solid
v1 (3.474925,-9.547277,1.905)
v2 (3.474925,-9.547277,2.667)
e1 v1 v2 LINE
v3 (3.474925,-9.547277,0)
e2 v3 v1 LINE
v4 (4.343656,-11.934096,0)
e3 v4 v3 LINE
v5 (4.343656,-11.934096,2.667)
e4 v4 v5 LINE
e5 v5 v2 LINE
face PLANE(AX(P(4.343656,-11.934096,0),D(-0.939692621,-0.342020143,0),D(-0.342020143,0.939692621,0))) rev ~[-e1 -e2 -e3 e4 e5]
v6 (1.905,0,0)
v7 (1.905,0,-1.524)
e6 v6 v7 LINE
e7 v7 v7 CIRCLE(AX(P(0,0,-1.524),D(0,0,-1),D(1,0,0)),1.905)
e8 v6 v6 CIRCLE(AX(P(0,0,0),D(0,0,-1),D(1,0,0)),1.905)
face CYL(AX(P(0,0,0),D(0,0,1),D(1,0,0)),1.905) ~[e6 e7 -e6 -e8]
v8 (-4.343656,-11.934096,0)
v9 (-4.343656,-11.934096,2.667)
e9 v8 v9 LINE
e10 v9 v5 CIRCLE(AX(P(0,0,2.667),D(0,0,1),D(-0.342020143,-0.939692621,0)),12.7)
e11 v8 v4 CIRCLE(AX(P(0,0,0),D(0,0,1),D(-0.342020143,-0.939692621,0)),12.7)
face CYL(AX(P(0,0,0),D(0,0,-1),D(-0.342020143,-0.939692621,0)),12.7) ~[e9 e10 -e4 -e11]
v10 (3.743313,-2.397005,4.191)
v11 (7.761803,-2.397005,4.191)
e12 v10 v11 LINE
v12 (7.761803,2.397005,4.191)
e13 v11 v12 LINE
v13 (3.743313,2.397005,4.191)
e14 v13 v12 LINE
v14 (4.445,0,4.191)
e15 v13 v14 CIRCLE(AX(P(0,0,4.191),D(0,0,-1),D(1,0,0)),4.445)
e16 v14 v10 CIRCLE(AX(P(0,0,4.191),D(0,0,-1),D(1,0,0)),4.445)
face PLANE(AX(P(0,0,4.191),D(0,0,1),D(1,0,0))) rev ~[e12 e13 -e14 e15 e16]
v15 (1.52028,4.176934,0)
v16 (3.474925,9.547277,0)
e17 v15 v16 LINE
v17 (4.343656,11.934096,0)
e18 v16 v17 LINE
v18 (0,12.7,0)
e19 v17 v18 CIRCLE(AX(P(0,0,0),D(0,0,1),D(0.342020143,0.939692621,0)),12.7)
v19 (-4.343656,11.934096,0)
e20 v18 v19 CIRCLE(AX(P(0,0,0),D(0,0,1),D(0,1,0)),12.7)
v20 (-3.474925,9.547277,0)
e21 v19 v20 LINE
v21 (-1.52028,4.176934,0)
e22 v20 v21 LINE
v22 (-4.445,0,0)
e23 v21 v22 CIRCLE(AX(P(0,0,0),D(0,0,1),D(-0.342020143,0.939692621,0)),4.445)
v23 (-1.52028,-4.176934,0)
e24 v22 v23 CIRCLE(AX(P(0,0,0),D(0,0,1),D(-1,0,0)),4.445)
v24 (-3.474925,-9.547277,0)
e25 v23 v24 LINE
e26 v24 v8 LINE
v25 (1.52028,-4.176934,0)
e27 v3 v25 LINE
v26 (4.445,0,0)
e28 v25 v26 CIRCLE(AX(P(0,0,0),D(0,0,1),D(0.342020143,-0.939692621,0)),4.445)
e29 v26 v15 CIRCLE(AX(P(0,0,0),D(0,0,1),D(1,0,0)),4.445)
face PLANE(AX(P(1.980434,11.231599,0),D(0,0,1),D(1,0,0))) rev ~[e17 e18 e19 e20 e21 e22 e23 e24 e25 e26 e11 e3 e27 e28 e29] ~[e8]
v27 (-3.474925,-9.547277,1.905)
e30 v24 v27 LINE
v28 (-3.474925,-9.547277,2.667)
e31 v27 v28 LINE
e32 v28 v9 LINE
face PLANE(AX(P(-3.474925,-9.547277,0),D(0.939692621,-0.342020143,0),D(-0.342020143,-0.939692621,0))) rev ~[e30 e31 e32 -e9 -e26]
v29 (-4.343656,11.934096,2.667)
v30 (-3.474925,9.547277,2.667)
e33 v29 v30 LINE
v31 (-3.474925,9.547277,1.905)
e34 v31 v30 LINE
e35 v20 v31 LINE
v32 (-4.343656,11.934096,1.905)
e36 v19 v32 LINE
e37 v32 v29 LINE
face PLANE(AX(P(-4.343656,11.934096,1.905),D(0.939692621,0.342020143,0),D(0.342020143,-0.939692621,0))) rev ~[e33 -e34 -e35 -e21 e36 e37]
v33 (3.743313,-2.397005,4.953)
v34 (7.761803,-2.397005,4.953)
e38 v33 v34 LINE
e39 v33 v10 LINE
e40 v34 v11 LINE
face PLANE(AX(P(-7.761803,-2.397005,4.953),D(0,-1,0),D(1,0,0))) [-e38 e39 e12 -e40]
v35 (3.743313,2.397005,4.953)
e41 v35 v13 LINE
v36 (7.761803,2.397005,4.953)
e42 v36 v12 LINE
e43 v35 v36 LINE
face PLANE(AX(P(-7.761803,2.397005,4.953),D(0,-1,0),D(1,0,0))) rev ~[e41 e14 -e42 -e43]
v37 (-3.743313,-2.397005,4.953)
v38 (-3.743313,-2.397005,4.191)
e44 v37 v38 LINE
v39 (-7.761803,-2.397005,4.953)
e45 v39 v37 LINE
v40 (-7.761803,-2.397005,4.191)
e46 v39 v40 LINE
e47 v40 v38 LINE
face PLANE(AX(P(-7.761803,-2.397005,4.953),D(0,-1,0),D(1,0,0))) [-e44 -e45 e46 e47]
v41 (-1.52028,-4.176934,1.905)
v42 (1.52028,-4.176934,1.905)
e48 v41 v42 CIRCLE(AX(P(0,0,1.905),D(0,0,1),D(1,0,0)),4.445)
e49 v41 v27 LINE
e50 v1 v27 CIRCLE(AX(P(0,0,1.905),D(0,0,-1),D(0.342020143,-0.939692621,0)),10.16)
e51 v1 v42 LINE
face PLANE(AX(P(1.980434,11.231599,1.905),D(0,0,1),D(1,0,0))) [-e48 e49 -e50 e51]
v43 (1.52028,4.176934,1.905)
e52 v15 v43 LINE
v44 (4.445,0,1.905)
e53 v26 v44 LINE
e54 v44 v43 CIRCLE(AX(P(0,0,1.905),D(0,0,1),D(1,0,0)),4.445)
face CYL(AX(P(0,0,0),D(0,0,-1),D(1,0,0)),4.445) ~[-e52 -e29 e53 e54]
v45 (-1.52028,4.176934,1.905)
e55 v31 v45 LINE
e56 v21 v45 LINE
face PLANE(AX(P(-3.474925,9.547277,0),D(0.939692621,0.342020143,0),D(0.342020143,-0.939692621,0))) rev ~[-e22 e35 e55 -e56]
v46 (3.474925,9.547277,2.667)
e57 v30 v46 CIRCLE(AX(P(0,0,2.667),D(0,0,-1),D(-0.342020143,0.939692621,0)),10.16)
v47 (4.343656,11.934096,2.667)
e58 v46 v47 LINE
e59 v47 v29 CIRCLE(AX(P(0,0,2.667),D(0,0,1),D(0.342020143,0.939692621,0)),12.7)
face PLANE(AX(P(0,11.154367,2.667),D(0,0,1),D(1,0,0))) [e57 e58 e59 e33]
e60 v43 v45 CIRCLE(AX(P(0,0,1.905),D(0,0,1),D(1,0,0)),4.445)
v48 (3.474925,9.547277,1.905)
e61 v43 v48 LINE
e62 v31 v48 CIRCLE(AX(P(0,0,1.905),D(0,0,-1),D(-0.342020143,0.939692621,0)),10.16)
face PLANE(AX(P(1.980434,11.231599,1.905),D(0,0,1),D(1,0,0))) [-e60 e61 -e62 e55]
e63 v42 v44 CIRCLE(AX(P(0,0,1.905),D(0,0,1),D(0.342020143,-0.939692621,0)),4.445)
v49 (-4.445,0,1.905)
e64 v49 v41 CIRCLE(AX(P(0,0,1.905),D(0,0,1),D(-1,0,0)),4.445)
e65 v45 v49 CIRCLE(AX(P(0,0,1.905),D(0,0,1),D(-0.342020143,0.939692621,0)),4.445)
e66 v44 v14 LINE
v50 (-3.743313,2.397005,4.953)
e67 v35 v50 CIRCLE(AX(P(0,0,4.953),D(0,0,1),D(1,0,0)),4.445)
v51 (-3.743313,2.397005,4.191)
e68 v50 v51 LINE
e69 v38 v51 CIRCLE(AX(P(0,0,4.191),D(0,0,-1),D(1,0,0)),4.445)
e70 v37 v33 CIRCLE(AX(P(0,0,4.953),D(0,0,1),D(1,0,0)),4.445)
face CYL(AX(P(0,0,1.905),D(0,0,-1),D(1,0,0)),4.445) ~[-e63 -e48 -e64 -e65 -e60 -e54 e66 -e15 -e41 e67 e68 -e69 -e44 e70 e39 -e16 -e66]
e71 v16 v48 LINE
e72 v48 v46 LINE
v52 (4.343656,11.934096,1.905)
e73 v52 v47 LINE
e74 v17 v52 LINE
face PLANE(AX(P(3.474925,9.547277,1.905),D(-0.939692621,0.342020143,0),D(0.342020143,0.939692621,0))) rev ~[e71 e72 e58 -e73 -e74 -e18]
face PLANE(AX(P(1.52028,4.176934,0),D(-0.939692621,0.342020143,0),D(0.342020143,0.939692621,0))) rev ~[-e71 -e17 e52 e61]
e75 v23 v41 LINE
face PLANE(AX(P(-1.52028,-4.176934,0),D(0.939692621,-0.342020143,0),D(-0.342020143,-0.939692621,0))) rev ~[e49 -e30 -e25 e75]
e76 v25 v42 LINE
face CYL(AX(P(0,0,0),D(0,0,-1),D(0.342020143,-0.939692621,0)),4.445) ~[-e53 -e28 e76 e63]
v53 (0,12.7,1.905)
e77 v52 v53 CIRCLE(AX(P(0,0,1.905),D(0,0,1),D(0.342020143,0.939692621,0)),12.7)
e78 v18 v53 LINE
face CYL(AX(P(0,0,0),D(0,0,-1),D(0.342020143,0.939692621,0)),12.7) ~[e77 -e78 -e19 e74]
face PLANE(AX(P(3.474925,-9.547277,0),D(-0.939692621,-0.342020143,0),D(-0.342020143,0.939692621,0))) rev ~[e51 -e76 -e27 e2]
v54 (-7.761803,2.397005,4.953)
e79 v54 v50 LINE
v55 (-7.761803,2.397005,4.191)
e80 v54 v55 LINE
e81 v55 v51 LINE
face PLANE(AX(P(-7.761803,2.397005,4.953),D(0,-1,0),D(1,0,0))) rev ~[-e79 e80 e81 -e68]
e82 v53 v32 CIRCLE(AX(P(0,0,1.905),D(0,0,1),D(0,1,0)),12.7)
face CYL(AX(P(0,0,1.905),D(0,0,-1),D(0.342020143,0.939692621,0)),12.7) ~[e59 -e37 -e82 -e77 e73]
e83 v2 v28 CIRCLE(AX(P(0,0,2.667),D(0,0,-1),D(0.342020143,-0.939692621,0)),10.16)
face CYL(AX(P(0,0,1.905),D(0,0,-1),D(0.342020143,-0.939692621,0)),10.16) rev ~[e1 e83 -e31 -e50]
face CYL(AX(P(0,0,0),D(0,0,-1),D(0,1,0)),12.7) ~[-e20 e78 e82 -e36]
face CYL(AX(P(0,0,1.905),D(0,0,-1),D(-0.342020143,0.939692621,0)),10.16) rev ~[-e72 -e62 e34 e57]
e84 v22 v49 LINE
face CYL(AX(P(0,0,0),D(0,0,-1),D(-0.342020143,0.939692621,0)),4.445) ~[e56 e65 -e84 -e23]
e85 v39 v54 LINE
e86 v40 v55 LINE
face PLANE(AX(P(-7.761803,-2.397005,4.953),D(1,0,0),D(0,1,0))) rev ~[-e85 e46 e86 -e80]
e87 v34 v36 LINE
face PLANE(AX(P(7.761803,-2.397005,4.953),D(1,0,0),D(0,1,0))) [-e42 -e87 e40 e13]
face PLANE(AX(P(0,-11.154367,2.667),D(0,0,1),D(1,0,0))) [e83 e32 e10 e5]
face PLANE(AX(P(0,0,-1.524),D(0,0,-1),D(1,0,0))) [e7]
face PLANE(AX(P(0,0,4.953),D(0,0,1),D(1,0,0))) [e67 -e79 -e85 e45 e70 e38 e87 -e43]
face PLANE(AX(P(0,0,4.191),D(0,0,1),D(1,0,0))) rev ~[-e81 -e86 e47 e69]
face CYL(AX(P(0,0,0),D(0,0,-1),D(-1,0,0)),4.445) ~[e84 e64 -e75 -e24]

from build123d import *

# Parameters (mm, degrees)
F1_DEPTH = 1.905
F3_DEPTH = 0.762
F4_R     = 4.445
F5_DEPTH = 3.048
F6_W     = 15.5236069113
F6_H     = 4.7940094955
F7_DEPTH = 0.762
F8_R     = 1.905
F9_DEPTH = 1.524


with BuildPart() as f1:
    # F0 (on Top) → F1 (new body)
    with BuildSketch(Plane.XY):
        with BuildLine():
            ThreePointArc((0, 10.16), (1.7642654851, 10.0056467706), (3.4749246562, 9.5472770272))
            Line((3.4749246562, 9.5472770272), (4.3436558202, 11.934096284))
            ThreePointArc((4.3436558202, 11.934096284), (2.2053318564, 12.5070584633), (0, 12.7))
            Line((0, 12.7), (0, 10.16))
        make_face()
        with BuildLine():
            ThreePointArc((-3.4749246562, 9.5472770272), (-1.7642654851, 10.0056467706), (0, 10.16))
            Line((0, 10.16), (0, 12.7))
            ThreePointArc((0, 12.7), (-2.2053318564, 12.5070584633), (-4.3436558202, 11.934096284))
            Line((-4.3436558202, 11.934096284), (-3.4749246562, 9.5472770272))
        make_face()
        with BuildLine():
            Line((4.3436558202, -11.934096284), (3.4749246562, -9.5472770272))
            ThreePointArc((3.4749246562, -9.5472770272), (0, -10.16), (-3.4749246562, -9.5472770272))
            Line((-3.4749246562, -9.5472770272), (-4.3436558202, -11.934096284))
            ThreePointArc((-4.3436558202, -11.934096284), (0, -12.7), (4.3436558202, -11.934096284))
        make_face()
        with BuildLine():
            Line((0, 0), (-1.5202795371, 4.1769336994))
            ThreePointArc((-1.5202795371, 4.1769336994), (-3.6411308369, 2.5495472596), (-4.445, 0))
            Line((-4.445, 0), (0, 0))
        make_face()
        with BuildLine():
            ThreePointArc((1.5202795371, -4.1769336994), (3.6411308369, -2.5495472596), (4.445, 0))
            ThreePointArc((4.445, 0), (3.6411308369, 2.5495472596), (1.5202795371, 4.1769336994))
            ThreePointArc((1.5202795371, 4.1769336994), (0.7718661497, 4.3774704621), (0, 4.445))
            Line((0, 4.445), (0, 0))
            Line((0, 0), (-4.445, 0))
            ThreePointArc((-4.445, 0), (-3.6411308369, -2.5495472596), (-1.5202795371, -4.1769336994))
            ThreePointArc((-1.5202795371, -4.1769336994), (0, -4.445), (1.5202795371, -4.1769336994))
        make_face()
        with BuildLine():
            Line((3.4749246562, -9.5472770272), (1.5202795371, -4.1769336994))
            ThreePointArc((1.5202795371, -4.1769336994), (0, -4.445), (-1.5202795371, -4.1769336994))
            Line((-1.5202795371, -4.1769336994), (-3.4749246562, -9.5472770272))
            ThreePointArc((-3.4749246562, -9.5472770272), (0, -10.16), (3.4749246562, -9.5472770272))
        make_face()
        with BuildLine():
            Line((0, 0), (0, 4.445))
            ThreePointArc((0, 4.445), (-0.7718661497, 4.3774704621), (-1.5202795371, 4.1769336994))
            Line((-1.5202795371, 4.1769336994), (0, 0))
        make_face()
        with BuildLine():
            ThreePointArc((-1.5202795371, 4.1769336994), (-0.7718661497, 4.3774704621), (0, 4.445))
            Line((0, 4.445), (0, 10.16))
            ThreePointArc((0, 10.16), (-1.7642654851, 10.0056467706), (-3.4749246562, 9.5472770272))
            Line((-3.4749246562, 9.5472770272), (-1.5202795371, 4.1769336994))
        make_face()
        with BuildLine():
            ThreePointArc((0, 4.445), (0.7718661497, 4.3774704621), (1.5202795371, 4.1769336994))
            Line((1.5202795371, 4.1769336994), (3.4749246562, 9.5472770272))
            ThreePointArc((3.4749246562, 9.5472770272), (1.7642654851, 10.0056467706), (0, 10.16))
            Line((0, 10.16), (0, 4.445))
        make_face()
    extrude(amount=F1_DEPTH)

    # F2 (on face) → F3 (join)
    with BuildSketch(Plane.XY.offset(1.905)):
        with BuildLine():
            Line((3.4749246562, 9.5472770272), (4.3436558202, 11.934096284))
            ThreePointArc((4.3436558202, 11.934096284), (0, 12.7), (-4.3436558202, 11.934096284))
            Line((-4.3436558202, 11.934096284), (-3.4749246562, 9.5472770272))
            ThreePointArc((-3.4749246562, 9.5472770272), (0, 10.16), (3.4749246562, 9.5472770272))
        make_face()
        with BuildLine():
            ThreePointArc((-4.3436558202, -11.934096284), (0, -12.7), (4.3436558202, -11.934096284))
            Line((4.3436558202, -11.934096284), (3.4749246562, -9.5472770272))
            ThreePointArc((3.4749246562, -9.5472770272), (0, -10.16), (-3.4749246562, -9.5472770272))
            Line((-3.4749246562, -9.5472770272), (-4.3436558202, -11.934096284))
        make_face()
    extrude(amount=F3_DEPTH)

    # F4 (on face) → F5 (join)
    with BuildSketch(Plane.XY.offset(1.905)):
        Circle(F4_R)
    extrude(amount=F5_DEPTH)

    # F6 (on face) → F7 (join)
    with BuildSketch(Plane.XY.offset(4.953)):
        Rectangle(F6_W, F6_H)
    extrude(amount=-F7_DEPTH)

    # F8 (on face) → F9 (join)
    with BuildSketch(Plane(origin=(0, 0, 0), x_dir=(1, 0, 0), z_dir=(0, 0, -1))):
        Circle(F8_R)
    extrude(amount=F9_DEPTH)


solid = f1.part
